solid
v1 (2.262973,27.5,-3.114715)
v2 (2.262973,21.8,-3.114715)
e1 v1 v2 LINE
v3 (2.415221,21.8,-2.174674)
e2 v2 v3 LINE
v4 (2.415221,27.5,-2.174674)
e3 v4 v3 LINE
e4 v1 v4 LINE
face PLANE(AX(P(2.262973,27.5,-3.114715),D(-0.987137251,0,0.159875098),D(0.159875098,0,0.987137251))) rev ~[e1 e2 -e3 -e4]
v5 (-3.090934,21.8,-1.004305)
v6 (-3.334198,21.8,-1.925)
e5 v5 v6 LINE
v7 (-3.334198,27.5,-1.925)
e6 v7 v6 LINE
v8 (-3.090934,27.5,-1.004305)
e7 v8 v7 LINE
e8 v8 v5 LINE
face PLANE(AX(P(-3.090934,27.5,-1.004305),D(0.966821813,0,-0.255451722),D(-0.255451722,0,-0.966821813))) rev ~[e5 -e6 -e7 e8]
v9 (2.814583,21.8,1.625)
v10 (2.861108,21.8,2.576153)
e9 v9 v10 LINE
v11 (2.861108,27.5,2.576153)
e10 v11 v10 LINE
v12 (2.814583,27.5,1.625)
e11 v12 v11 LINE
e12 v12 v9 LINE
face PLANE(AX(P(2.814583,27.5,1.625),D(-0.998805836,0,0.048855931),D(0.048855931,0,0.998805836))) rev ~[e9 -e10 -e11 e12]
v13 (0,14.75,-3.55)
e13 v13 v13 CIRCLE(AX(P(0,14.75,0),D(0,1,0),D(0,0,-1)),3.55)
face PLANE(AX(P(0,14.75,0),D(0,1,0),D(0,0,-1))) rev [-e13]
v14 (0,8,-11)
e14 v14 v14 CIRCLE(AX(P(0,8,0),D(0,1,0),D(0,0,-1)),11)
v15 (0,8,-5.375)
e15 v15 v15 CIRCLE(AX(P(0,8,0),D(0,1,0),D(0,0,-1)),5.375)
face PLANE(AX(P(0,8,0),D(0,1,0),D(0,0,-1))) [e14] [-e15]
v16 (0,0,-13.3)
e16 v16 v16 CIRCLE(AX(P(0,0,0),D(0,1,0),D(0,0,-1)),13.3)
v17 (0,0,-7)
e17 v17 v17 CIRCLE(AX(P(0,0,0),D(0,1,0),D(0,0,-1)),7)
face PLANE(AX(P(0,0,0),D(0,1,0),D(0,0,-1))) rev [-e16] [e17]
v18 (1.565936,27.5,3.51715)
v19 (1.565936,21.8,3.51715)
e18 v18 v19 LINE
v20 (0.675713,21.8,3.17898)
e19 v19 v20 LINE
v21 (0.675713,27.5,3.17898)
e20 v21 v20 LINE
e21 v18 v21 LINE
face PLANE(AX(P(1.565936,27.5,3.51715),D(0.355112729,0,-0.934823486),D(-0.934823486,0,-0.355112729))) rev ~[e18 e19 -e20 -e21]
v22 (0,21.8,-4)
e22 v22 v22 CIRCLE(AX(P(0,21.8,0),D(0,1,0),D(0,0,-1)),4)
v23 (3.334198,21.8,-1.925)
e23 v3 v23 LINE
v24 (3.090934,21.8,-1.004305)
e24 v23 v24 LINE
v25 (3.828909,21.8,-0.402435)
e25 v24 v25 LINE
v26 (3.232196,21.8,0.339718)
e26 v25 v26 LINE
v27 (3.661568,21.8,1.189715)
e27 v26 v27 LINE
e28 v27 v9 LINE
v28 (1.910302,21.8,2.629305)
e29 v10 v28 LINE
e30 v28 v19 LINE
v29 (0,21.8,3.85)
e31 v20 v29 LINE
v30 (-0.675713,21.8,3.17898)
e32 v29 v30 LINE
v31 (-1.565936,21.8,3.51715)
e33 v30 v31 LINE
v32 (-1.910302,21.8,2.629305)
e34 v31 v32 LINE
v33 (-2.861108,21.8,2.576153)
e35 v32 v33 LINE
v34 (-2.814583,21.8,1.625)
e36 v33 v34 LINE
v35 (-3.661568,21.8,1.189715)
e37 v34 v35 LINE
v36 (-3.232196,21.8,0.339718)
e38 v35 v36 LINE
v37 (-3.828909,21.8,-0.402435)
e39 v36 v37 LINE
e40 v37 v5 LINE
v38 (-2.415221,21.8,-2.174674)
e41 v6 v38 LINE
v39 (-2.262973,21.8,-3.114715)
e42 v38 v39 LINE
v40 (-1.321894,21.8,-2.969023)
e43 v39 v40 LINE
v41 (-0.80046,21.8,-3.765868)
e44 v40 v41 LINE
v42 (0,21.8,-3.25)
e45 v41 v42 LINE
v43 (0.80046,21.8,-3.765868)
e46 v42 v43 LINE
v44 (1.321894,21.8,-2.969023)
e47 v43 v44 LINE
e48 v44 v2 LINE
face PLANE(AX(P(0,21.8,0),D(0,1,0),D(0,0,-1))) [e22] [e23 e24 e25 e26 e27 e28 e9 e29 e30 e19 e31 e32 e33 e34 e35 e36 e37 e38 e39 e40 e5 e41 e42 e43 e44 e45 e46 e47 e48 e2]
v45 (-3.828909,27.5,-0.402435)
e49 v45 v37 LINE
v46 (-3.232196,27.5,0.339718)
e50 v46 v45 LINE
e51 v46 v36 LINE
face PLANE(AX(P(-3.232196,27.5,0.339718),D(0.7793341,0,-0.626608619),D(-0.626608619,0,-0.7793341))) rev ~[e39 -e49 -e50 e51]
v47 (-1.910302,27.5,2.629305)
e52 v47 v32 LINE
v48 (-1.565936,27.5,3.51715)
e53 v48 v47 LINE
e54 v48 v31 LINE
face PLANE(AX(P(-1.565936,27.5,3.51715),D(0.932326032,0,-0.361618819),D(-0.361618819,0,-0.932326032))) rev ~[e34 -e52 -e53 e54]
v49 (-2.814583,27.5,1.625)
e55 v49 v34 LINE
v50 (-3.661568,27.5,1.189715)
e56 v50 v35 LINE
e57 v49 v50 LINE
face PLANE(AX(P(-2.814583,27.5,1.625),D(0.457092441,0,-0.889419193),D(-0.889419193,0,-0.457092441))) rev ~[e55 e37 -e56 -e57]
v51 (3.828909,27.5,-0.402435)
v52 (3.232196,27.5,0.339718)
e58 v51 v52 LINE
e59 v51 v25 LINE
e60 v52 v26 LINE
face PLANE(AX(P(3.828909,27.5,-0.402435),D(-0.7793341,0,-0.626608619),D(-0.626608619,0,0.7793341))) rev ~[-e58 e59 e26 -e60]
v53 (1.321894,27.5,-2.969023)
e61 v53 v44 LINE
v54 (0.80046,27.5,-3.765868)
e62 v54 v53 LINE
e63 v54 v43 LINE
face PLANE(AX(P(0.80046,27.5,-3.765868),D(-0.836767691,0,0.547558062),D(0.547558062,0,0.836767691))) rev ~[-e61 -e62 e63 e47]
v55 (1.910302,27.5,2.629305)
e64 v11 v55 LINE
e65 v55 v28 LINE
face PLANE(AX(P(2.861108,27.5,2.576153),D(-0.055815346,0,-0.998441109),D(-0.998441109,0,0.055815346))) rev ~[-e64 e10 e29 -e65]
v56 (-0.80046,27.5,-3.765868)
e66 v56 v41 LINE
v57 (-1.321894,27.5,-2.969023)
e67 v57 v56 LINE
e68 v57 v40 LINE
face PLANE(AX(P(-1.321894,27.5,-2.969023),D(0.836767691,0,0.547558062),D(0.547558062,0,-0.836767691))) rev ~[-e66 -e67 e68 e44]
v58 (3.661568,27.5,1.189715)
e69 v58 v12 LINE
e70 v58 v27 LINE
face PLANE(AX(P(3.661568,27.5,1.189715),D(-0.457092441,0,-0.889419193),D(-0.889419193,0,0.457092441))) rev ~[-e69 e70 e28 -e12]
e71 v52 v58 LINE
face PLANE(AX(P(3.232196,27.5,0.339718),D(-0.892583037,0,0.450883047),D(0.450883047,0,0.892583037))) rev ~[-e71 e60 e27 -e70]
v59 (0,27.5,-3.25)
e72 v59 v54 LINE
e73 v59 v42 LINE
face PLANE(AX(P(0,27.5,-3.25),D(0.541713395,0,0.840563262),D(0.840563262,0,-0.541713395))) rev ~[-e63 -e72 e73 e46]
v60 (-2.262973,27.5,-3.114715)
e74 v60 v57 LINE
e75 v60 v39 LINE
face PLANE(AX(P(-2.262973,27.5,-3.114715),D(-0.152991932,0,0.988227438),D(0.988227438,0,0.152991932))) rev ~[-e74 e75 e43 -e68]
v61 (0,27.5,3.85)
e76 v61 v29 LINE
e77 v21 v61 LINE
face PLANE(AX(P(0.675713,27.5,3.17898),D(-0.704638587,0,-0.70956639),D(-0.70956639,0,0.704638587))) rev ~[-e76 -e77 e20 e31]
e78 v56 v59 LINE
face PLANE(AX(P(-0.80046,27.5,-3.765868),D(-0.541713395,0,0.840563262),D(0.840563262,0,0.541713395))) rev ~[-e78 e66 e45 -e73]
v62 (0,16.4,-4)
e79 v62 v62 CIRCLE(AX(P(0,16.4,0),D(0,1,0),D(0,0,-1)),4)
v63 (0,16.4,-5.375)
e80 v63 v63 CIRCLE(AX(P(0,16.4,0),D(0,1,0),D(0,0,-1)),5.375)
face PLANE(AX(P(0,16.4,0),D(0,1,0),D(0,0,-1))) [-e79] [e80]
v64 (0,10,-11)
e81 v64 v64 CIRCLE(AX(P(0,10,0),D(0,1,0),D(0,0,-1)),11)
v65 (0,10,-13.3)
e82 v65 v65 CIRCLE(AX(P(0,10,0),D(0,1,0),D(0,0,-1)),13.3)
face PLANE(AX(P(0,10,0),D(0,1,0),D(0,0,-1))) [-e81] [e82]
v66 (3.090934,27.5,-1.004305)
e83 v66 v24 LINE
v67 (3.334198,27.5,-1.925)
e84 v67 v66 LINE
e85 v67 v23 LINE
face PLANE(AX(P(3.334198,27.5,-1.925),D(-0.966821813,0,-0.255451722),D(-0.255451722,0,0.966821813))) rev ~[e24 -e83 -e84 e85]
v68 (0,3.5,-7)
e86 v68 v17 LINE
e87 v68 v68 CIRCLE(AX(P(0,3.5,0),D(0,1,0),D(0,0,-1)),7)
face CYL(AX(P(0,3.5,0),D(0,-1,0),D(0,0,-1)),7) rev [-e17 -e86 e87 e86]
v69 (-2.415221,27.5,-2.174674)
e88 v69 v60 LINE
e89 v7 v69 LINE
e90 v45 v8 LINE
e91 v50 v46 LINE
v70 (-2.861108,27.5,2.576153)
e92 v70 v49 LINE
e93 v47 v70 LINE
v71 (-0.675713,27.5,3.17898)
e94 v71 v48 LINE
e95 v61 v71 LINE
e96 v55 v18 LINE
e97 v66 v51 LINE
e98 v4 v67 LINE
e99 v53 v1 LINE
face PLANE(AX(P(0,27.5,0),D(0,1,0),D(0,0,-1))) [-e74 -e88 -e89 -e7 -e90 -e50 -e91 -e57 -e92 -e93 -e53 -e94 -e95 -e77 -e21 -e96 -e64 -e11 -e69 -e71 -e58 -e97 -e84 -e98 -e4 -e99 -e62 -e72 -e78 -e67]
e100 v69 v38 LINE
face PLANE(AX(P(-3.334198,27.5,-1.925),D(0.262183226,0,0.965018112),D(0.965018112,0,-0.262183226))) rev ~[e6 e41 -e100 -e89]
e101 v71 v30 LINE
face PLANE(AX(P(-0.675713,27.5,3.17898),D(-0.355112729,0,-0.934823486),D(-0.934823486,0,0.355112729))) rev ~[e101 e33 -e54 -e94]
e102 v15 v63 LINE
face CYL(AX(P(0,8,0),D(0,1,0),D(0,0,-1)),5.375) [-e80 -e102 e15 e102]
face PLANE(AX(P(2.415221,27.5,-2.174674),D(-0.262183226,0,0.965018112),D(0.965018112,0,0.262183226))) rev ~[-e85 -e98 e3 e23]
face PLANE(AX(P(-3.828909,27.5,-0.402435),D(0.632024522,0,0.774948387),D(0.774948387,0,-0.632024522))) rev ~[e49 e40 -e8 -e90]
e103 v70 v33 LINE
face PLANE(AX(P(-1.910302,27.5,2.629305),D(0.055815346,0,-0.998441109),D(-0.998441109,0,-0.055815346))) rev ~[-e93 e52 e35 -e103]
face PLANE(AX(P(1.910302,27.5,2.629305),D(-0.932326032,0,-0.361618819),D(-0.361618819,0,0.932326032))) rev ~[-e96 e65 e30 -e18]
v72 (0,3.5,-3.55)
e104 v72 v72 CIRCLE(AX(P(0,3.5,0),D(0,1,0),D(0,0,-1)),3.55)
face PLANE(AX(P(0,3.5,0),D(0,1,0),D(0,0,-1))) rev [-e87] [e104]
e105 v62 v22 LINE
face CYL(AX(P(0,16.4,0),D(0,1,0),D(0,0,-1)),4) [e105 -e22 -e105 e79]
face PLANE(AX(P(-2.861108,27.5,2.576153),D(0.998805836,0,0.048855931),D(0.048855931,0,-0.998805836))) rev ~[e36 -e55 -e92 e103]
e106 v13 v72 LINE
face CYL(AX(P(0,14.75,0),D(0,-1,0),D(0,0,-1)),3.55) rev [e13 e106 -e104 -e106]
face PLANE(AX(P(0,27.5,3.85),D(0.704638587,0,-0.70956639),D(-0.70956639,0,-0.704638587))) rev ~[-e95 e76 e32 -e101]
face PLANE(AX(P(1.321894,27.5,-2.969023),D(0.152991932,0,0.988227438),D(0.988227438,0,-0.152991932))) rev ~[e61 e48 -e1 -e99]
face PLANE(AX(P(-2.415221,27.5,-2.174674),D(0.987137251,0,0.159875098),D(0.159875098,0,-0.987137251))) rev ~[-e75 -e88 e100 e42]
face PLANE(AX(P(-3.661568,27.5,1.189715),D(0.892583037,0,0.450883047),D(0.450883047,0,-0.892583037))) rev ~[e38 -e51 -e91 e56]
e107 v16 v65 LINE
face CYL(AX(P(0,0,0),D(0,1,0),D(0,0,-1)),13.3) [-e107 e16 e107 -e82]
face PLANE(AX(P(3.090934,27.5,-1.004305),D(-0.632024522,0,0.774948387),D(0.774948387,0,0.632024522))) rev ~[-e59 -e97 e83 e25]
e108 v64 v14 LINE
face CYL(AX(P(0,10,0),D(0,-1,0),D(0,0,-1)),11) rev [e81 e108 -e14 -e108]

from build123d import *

# Parameters (mm, degrees)
CUT_EXTRUDE1_DEPTH = 5.7
CIRPATTERN1_COUNT  = 15


with BuildPart() as part:
    # Sketch1 → 52 Tooth (revolve)
    with BuildSketch(Plane.XY, mode=Mode.PRIVATE) as f_52_tooth_sk:
        Polygon((13.3, 0), (13.3, 10), (11, 10), (11, 8), (5.375, 8), (5.375, 16.4), (4, 16.4), (4, 21.8), (3.85, 21.8), (3.85, 27.5), (0, 27.5), (0, 14.75), (3.55, 14.75), (3.55, 3.5), (7, 3.5), (7, 0), align=None)
    revolve(f_52_tooth_sk.sketch.rotate(Axis((0, 0, 0), (0, 1, 0)), 90), axis=Axis((0, 0, 0), (0, 1, 0)))

    # Sketch2 → Cut-Extrude1 (cut)
    with BuildSketch(Plane(origin=(0, 27.5, 0), x_dir=(1, 0, 0), z_dir=(0, 1, 0))):
        with BuildLine():
            ThreePointArc((0.80046001, 3.765868263), (0, 3.85), (-0.80046001, 3.765868263))
            Line((-0.80046001, 3.765868263), (0, 3.25))
            Line((0, 3.25), (0.80046001, 3.765868263))
        make_face()
    cut_extrude1 = extrude(amount=-CUT_EXTRUDE1_DEPTH, mode=Mode.SUBTRACT)

    # CirPattern1: Cut-Extrude1 ×15 about axis
    cirpattern1_axis = Axis((0, 0, 0), (0, 1, 0))
    for i in range(1, CIRPATTERN1_COUNT):
        add(cut_extrude1.rotate(cirpattern1_axis, i * 360 / CIRPATTERN1_COUNT), mode=Mode.SUBTRACT)


solid = part.part
